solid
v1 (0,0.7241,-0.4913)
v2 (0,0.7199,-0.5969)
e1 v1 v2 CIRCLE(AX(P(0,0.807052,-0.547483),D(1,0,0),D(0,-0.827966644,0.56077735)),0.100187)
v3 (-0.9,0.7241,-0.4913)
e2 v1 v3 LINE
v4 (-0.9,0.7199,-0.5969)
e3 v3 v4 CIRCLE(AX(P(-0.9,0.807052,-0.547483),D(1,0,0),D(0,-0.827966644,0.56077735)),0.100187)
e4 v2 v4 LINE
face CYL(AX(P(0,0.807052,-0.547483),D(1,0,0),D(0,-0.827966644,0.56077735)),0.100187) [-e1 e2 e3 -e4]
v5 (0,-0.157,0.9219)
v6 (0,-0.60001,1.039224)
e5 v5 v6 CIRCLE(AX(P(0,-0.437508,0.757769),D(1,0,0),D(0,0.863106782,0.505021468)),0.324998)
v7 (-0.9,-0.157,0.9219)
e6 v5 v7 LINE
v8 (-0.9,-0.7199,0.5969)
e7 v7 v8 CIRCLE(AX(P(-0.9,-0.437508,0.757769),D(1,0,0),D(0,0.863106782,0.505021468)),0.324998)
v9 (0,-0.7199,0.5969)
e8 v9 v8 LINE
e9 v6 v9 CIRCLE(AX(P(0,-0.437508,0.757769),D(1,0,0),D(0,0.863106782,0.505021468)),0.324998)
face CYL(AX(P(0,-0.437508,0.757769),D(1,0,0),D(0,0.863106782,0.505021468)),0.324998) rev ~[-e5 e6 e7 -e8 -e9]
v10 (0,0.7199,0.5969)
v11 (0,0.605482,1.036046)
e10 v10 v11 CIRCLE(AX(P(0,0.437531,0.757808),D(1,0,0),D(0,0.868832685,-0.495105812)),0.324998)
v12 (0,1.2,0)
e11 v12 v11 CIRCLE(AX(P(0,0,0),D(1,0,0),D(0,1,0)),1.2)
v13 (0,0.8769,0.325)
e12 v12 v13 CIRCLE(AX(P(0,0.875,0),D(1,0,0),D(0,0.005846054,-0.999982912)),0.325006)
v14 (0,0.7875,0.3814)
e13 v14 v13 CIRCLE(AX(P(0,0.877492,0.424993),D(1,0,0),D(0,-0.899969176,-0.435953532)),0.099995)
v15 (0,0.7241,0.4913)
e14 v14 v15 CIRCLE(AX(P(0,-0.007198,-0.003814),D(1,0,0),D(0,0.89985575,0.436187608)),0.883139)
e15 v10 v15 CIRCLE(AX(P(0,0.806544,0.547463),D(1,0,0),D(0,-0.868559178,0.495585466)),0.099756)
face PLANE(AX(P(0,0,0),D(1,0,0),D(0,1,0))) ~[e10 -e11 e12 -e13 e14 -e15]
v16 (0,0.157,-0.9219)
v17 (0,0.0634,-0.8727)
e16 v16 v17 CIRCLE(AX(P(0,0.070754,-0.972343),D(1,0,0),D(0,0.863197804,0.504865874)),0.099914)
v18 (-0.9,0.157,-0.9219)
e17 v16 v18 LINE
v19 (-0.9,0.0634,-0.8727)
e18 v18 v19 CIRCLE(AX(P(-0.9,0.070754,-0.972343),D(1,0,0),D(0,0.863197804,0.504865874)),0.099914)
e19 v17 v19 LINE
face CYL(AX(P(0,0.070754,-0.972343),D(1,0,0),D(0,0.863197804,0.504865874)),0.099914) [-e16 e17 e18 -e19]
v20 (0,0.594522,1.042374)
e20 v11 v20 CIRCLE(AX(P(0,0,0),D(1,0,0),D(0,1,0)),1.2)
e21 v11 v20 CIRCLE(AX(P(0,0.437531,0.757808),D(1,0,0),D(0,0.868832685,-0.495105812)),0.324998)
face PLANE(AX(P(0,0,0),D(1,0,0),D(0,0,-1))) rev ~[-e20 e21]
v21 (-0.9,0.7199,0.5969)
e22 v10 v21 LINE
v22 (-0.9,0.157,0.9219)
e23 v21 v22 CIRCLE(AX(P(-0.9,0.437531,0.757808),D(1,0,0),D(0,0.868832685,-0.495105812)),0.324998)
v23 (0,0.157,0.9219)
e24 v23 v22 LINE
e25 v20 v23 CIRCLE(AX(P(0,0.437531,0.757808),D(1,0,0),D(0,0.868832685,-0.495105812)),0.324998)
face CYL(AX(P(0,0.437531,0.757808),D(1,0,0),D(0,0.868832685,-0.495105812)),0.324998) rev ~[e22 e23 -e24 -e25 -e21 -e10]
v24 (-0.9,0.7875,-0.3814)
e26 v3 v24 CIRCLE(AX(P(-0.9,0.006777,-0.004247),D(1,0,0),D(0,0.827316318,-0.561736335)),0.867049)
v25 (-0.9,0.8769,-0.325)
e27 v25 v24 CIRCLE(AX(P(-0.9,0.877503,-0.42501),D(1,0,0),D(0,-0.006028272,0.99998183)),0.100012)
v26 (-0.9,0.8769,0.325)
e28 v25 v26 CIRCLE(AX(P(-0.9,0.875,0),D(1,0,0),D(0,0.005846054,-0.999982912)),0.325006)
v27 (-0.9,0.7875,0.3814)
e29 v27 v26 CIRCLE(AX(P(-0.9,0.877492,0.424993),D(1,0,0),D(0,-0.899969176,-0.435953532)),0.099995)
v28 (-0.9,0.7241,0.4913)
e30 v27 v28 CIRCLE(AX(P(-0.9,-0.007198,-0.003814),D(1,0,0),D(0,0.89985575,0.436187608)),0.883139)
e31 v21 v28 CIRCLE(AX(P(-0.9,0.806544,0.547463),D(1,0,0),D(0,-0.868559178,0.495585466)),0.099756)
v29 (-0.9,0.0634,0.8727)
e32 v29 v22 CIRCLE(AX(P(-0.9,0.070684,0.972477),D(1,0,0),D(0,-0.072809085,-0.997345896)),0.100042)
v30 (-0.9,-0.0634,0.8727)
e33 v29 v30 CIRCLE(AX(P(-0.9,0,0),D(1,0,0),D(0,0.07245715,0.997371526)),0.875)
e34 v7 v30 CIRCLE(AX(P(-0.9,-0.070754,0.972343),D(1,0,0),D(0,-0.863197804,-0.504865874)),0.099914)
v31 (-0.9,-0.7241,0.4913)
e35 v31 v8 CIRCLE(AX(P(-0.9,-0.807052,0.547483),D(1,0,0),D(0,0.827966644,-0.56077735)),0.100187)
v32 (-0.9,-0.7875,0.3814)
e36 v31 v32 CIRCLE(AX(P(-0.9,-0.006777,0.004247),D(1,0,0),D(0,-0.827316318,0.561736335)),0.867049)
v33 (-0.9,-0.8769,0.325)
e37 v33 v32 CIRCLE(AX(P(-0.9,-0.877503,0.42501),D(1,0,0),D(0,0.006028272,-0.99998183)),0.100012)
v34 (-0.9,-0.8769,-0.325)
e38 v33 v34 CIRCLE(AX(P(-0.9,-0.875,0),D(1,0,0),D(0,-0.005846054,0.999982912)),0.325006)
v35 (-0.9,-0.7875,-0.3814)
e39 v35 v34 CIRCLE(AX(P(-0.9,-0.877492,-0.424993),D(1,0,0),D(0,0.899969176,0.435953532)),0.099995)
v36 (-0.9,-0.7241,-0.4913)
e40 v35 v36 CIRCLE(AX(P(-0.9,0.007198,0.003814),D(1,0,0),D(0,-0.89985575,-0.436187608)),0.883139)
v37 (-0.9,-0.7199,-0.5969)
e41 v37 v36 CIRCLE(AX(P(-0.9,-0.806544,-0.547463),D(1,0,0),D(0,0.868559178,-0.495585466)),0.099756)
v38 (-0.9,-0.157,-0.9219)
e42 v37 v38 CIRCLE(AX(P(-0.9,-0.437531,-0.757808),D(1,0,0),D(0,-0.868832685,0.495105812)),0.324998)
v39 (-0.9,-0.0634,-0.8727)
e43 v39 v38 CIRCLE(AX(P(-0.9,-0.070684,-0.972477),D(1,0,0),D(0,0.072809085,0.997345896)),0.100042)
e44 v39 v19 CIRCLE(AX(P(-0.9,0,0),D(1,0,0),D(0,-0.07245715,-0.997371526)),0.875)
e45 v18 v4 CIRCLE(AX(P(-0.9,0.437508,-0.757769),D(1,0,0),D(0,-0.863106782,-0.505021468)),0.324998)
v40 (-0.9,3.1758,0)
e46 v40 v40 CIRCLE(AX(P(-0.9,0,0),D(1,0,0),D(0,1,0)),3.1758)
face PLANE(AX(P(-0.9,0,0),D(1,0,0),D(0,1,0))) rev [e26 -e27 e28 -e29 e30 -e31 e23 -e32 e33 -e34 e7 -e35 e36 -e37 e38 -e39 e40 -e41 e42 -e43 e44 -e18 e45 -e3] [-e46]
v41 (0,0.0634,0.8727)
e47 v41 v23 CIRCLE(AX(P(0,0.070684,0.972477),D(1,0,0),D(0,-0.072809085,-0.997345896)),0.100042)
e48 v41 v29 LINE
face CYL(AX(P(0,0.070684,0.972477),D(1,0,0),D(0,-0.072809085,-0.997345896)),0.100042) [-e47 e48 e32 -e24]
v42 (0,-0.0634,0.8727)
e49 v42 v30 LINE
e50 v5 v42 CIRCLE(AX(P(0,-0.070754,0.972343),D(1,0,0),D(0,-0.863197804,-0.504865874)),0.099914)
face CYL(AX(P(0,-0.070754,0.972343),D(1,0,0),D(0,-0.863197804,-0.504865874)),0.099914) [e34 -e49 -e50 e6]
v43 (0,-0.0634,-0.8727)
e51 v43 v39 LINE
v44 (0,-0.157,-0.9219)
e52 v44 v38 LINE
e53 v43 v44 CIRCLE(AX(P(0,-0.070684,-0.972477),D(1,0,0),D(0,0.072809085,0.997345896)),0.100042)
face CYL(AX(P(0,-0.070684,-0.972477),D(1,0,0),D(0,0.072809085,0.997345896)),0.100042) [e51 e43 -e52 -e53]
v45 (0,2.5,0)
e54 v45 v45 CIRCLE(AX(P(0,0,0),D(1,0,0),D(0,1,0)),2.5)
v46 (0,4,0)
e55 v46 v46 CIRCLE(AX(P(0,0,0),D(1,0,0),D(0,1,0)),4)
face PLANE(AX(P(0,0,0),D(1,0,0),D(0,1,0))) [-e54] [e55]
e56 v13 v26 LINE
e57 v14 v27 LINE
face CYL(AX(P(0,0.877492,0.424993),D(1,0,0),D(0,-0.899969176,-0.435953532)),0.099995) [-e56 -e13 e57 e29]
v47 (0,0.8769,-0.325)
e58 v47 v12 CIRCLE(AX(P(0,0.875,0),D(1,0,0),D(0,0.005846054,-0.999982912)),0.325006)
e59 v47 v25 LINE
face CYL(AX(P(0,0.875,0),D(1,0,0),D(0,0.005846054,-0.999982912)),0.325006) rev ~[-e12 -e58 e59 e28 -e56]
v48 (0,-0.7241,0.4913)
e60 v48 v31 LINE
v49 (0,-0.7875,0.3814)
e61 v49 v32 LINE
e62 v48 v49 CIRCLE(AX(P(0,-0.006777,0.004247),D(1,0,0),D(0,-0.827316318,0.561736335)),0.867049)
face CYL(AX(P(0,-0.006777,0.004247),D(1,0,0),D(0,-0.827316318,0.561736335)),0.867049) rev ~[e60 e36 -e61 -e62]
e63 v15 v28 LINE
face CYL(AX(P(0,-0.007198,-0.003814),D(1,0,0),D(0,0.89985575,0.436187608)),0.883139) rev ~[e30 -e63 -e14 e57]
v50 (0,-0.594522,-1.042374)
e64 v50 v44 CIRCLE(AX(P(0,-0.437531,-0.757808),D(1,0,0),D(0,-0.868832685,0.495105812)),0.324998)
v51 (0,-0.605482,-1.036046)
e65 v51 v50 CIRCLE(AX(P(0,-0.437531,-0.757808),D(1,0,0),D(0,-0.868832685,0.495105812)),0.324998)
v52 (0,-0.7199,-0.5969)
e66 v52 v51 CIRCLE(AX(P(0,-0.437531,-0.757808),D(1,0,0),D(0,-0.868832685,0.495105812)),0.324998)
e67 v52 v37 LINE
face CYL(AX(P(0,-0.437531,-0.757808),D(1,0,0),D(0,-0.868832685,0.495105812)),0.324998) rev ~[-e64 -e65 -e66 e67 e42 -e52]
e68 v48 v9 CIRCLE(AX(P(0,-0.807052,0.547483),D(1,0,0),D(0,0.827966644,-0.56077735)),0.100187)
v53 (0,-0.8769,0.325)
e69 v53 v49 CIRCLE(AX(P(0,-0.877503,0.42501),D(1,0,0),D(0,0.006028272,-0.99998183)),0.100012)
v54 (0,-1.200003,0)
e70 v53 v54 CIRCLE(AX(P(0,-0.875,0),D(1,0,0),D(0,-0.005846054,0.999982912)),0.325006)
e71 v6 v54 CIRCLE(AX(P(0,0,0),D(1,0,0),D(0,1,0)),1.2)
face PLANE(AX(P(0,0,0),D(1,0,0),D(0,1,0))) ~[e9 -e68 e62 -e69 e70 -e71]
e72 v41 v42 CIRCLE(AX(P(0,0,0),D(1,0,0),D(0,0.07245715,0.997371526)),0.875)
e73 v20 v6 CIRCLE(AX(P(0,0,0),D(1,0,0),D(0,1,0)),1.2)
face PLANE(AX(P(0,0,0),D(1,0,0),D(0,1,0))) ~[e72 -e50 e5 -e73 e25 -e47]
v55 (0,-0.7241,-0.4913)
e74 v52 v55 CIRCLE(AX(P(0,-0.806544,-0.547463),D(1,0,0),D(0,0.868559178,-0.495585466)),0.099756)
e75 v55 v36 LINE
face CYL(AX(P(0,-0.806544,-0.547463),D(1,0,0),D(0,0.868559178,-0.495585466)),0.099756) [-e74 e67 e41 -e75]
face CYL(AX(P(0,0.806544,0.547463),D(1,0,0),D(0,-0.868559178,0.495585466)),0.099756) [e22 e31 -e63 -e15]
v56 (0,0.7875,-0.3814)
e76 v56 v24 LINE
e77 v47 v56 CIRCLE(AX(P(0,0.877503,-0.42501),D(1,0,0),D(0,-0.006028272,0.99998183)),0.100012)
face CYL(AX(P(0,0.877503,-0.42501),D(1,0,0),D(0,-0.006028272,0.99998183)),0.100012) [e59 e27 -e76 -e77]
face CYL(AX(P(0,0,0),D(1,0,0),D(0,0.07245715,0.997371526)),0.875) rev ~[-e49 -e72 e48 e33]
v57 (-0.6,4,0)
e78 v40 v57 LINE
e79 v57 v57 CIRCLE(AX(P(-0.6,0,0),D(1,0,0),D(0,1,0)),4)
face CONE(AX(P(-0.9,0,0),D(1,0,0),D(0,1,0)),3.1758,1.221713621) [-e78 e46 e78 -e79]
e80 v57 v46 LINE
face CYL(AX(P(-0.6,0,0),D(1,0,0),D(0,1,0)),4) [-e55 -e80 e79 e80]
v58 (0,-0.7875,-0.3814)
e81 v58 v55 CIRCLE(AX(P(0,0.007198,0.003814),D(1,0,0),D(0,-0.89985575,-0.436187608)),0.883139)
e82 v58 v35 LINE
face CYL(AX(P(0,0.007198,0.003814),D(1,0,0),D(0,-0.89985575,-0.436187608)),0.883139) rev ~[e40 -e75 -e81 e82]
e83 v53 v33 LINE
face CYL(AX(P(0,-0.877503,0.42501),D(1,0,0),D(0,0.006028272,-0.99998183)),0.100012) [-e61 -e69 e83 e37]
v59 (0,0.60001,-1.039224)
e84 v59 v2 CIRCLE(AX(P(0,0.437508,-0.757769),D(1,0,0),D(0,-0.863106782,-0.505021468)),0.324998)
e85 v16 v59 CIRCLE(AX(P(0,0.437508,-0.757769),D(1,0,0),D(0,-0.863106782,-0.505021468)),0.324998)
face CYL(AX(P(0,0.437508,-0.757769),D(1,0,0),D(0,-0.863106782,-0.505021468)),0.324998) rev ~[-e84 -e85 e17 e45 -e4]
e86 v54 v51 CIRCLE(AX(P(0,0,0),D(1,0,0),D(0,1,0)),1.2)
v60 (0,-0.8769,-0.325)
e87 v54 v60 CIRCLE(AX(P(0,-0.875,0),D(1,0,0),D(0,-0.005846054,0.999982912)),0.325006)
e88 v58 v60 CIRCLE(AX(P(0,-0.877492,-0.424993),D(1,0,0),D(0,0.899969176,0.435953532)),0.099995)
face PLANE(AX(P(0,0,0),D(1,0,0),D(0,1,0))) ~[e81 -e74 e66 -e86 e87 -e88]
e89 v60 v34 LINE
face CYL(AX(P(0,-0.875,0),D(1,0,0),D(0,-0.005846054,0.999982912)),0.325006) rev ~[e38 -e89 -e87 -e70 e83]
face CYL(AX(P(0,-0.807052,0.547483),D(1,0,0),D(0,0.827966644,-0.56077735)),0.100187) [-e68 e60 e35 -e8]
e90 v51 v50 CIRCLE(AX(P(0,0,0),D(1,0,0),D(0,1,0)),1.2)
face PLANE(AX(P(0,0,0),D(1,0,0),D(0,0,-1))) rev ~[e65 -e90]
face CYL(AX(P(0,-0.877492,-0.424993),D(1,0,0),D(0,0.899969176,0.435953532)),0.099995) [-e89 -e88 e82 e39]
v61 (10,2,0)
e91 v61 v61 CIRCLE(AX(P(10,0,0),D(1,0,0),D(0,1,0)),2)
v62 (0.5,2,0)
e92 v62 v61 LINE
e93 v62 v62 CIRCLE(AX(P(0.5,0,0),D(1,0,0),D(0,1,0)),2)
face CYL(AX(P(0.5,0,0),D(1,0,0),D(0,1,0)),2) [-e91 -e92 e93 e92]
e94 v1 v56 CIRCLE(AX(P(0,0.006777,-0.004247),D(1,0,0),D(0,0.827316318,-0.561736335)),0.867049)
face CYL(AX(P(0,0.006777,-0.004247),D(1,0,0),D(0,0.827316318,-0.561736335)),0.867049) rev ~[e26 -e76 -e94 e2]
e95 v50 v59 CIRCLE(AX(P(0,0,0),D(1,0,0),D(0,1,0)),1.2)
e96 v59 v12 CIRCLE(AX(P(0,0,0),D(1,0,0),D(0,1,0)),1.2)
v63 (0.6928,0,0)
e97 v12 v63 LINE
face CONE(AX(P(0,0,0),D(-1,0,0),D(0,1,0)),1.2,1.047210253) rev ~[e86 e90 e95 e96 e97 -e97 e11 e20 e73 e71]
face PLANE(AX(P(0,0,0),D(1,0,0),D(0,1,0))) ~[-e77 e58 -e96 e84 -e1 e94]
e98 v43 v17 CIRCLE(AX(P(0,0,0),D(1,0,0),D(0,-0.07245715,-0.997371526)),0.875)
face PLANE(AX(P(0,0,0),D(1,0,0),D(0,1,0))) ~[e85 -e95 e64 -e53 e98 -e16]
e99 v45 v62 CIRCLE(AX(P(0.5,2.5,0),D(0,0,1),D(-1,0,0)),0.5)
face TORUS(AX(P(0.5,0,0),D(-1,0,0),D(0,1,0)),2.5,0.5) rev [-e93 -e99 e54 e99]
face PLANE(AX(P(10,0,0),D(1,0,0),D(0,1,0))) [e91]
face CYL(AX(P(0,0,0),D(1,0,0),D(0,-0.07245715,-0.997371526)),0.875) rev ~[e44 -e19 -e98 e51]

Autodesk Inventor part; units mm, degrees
ref_plane "YZ Plane" through (0, 0, 0) normal (1, 0, 0) x (0, 1, 0)
ref_plane "XZ Plane" through (0, 0, 0) normal (0, 1, 0) x (-1, 0, 0)
ref_plane "XY Plane" through (0, 0, 0) normal (0, 0, 1) x (1, 0, 0)
sketch "Sketch_1" plane through (0, 0, 0) normal (0, 0, 1) x (1, 0, 0)
  line L0 (10, 0) -> (-0.9, 0)
  line L1 (-0.9, 0) -> (-0.9, 3.1758)
  line L2 (-0.9, 3.1758) -> (-0.6, 4)
  line L3 (-0.6, 4) -> (0, 4)
  line L4 (0, 4) -> (0, 2.5)
  arc A0 (0, 2.5) -> (0.5, 2) centre (0.5, 2.5) ccw
  line L5 (0.5, 2) -> (10, 2)
  line L6 (10, 2) -> (10, 0)
  line L7 (10, 0) -> (-0.9, 0)
revolve "Revolution1" add sketch "Sketch_1" angle 360 about axis through (10, 0, 0) along (1, 0, 0)
thread "Thread1" size "M4x0.7" class "6g" standard "ISO Metric profile" length 9.3 offset 0.2
sketch "Sketch_5" plane through (0, 0, 0) normal (1, 0, 0) x (0, 0, -1)
  arc A0 (-0.9219, -0.157) -> (-0.5969, -0.7199) centre (-0.7578, -0.4375) ccw
  arc A1 (-0.4913, -0.7241) -> (-0.5969, -0.7199) centre (-0.5474, -0.8068) ccw
  arc A2 (-0.4913, -0.7241) -> (-0.3814, -0.7875) centre (0, 0) ccw
  arc A3 (-0.325, -0.8769) -> (-0.3814, -0.7875) centre (-0.425, -0.8775) ccw
  arc A4 (-0.325, -0.8769) -> (0.325, -0.8769) centre (0, -0.875) ccw
  arc A5 (0.3814, -0.7875) -> (0.325, -0.8769) centre (0.425, -0.8775) ccw
  arc A6 (0.3814, -0.7875) -> (0.4913, -0.7241) centre (0, 0) ccw
  arc A7 (0.5969, -0.7199) -> (0.4913, -0.7241) centre (0.5474, -0.8068) ccw
  arc A8 (0.5969, -0.7199) -> (0.9219, -0.157) centre (0.7578, -0.4375) ccw
  arc A9 (0.8727, -0.0634) -> (0.9219, -0.157) centre (0.9724, -0.0707) ccw
  arc A10 (0.8727, -0.0634) -> (0.8727, 0.0634) centre (0, 0) ccw
  arc A11 (0.9219, 0.157) -> (0.8727, 0.0634) centre (0.9724, 0.0707) ccw
  arc A12 (0.9219, 0.157) -> (0.5969, 0.7199) centre (0.7578, 0.4375) ccw
  arc A13 (0.4913, 0.7241) -> (0.5969, 0.7199) centre (0.5474, 0.8068) ccw
  arc A14 (0.4913, 0.7241) -> (0.3814, 0.7875) centre (0, 0) ccw
  arc A15 (0.325, 0.8769) -> (0.3814, 0.7875) centre (0.425, 0.8775) ccw
  arc A16 (0.325, 0.8769) -> (-0.325, 0.8769) centre (0, 0.875) ccw
  arc A17 (-0.3814, 0.7875) -> (-0.325, 0.8769) centre (-0.425, 0.8775) ccw
  arc A18 (-0.3814, 0.7875) -> (-0.4913, 0.7241) centre (0, 0) ccw
  arc A19 (-0.5969, 0.7199) -> (-0.4913, 0.7241) centre (-0.5474, 0.8068) ccw
  arc A20 (-0.5969, 0.7199) -> (-0.9219, 0.157) centre (-0.7578, 0.4375) ccw
  arc A21 (-0.8727, 0.0634) -> (-0.9219, 0.157) centre (-0.9724, 0.0707) ccw
  arc A22 (-0.8727, 0.0634) -> (-0.8727, -0.0634) centre (0, 0) ccw
  arc A23 (-0.9219, -0.157) -> (-0.8727, -0.0634) centre (-0.9724, -0.0707) ccw
extrude "Extrusion1" cut sketch "Sketch_5" against normal blind 0.9
sketch "Sketch_2" plane through (0, 0, 0) normal (0, 0, 1) x (1, 0, 0)
  line L0 (0.6928, 0) -> (0, 0)
  line L1 (0, 0) -> (0, 1.2)
  line L2 (0, 1.2) -> (0.6928, 0)
  line L3 (0.6928, 0) -> (0, 0)
revolve "Revolution2" cut sketch "Sketch_2" angle 360 about axis through (0.6928, 0, 0) along (1, 0, 0)
properties part number "CBSTSE4-10"
